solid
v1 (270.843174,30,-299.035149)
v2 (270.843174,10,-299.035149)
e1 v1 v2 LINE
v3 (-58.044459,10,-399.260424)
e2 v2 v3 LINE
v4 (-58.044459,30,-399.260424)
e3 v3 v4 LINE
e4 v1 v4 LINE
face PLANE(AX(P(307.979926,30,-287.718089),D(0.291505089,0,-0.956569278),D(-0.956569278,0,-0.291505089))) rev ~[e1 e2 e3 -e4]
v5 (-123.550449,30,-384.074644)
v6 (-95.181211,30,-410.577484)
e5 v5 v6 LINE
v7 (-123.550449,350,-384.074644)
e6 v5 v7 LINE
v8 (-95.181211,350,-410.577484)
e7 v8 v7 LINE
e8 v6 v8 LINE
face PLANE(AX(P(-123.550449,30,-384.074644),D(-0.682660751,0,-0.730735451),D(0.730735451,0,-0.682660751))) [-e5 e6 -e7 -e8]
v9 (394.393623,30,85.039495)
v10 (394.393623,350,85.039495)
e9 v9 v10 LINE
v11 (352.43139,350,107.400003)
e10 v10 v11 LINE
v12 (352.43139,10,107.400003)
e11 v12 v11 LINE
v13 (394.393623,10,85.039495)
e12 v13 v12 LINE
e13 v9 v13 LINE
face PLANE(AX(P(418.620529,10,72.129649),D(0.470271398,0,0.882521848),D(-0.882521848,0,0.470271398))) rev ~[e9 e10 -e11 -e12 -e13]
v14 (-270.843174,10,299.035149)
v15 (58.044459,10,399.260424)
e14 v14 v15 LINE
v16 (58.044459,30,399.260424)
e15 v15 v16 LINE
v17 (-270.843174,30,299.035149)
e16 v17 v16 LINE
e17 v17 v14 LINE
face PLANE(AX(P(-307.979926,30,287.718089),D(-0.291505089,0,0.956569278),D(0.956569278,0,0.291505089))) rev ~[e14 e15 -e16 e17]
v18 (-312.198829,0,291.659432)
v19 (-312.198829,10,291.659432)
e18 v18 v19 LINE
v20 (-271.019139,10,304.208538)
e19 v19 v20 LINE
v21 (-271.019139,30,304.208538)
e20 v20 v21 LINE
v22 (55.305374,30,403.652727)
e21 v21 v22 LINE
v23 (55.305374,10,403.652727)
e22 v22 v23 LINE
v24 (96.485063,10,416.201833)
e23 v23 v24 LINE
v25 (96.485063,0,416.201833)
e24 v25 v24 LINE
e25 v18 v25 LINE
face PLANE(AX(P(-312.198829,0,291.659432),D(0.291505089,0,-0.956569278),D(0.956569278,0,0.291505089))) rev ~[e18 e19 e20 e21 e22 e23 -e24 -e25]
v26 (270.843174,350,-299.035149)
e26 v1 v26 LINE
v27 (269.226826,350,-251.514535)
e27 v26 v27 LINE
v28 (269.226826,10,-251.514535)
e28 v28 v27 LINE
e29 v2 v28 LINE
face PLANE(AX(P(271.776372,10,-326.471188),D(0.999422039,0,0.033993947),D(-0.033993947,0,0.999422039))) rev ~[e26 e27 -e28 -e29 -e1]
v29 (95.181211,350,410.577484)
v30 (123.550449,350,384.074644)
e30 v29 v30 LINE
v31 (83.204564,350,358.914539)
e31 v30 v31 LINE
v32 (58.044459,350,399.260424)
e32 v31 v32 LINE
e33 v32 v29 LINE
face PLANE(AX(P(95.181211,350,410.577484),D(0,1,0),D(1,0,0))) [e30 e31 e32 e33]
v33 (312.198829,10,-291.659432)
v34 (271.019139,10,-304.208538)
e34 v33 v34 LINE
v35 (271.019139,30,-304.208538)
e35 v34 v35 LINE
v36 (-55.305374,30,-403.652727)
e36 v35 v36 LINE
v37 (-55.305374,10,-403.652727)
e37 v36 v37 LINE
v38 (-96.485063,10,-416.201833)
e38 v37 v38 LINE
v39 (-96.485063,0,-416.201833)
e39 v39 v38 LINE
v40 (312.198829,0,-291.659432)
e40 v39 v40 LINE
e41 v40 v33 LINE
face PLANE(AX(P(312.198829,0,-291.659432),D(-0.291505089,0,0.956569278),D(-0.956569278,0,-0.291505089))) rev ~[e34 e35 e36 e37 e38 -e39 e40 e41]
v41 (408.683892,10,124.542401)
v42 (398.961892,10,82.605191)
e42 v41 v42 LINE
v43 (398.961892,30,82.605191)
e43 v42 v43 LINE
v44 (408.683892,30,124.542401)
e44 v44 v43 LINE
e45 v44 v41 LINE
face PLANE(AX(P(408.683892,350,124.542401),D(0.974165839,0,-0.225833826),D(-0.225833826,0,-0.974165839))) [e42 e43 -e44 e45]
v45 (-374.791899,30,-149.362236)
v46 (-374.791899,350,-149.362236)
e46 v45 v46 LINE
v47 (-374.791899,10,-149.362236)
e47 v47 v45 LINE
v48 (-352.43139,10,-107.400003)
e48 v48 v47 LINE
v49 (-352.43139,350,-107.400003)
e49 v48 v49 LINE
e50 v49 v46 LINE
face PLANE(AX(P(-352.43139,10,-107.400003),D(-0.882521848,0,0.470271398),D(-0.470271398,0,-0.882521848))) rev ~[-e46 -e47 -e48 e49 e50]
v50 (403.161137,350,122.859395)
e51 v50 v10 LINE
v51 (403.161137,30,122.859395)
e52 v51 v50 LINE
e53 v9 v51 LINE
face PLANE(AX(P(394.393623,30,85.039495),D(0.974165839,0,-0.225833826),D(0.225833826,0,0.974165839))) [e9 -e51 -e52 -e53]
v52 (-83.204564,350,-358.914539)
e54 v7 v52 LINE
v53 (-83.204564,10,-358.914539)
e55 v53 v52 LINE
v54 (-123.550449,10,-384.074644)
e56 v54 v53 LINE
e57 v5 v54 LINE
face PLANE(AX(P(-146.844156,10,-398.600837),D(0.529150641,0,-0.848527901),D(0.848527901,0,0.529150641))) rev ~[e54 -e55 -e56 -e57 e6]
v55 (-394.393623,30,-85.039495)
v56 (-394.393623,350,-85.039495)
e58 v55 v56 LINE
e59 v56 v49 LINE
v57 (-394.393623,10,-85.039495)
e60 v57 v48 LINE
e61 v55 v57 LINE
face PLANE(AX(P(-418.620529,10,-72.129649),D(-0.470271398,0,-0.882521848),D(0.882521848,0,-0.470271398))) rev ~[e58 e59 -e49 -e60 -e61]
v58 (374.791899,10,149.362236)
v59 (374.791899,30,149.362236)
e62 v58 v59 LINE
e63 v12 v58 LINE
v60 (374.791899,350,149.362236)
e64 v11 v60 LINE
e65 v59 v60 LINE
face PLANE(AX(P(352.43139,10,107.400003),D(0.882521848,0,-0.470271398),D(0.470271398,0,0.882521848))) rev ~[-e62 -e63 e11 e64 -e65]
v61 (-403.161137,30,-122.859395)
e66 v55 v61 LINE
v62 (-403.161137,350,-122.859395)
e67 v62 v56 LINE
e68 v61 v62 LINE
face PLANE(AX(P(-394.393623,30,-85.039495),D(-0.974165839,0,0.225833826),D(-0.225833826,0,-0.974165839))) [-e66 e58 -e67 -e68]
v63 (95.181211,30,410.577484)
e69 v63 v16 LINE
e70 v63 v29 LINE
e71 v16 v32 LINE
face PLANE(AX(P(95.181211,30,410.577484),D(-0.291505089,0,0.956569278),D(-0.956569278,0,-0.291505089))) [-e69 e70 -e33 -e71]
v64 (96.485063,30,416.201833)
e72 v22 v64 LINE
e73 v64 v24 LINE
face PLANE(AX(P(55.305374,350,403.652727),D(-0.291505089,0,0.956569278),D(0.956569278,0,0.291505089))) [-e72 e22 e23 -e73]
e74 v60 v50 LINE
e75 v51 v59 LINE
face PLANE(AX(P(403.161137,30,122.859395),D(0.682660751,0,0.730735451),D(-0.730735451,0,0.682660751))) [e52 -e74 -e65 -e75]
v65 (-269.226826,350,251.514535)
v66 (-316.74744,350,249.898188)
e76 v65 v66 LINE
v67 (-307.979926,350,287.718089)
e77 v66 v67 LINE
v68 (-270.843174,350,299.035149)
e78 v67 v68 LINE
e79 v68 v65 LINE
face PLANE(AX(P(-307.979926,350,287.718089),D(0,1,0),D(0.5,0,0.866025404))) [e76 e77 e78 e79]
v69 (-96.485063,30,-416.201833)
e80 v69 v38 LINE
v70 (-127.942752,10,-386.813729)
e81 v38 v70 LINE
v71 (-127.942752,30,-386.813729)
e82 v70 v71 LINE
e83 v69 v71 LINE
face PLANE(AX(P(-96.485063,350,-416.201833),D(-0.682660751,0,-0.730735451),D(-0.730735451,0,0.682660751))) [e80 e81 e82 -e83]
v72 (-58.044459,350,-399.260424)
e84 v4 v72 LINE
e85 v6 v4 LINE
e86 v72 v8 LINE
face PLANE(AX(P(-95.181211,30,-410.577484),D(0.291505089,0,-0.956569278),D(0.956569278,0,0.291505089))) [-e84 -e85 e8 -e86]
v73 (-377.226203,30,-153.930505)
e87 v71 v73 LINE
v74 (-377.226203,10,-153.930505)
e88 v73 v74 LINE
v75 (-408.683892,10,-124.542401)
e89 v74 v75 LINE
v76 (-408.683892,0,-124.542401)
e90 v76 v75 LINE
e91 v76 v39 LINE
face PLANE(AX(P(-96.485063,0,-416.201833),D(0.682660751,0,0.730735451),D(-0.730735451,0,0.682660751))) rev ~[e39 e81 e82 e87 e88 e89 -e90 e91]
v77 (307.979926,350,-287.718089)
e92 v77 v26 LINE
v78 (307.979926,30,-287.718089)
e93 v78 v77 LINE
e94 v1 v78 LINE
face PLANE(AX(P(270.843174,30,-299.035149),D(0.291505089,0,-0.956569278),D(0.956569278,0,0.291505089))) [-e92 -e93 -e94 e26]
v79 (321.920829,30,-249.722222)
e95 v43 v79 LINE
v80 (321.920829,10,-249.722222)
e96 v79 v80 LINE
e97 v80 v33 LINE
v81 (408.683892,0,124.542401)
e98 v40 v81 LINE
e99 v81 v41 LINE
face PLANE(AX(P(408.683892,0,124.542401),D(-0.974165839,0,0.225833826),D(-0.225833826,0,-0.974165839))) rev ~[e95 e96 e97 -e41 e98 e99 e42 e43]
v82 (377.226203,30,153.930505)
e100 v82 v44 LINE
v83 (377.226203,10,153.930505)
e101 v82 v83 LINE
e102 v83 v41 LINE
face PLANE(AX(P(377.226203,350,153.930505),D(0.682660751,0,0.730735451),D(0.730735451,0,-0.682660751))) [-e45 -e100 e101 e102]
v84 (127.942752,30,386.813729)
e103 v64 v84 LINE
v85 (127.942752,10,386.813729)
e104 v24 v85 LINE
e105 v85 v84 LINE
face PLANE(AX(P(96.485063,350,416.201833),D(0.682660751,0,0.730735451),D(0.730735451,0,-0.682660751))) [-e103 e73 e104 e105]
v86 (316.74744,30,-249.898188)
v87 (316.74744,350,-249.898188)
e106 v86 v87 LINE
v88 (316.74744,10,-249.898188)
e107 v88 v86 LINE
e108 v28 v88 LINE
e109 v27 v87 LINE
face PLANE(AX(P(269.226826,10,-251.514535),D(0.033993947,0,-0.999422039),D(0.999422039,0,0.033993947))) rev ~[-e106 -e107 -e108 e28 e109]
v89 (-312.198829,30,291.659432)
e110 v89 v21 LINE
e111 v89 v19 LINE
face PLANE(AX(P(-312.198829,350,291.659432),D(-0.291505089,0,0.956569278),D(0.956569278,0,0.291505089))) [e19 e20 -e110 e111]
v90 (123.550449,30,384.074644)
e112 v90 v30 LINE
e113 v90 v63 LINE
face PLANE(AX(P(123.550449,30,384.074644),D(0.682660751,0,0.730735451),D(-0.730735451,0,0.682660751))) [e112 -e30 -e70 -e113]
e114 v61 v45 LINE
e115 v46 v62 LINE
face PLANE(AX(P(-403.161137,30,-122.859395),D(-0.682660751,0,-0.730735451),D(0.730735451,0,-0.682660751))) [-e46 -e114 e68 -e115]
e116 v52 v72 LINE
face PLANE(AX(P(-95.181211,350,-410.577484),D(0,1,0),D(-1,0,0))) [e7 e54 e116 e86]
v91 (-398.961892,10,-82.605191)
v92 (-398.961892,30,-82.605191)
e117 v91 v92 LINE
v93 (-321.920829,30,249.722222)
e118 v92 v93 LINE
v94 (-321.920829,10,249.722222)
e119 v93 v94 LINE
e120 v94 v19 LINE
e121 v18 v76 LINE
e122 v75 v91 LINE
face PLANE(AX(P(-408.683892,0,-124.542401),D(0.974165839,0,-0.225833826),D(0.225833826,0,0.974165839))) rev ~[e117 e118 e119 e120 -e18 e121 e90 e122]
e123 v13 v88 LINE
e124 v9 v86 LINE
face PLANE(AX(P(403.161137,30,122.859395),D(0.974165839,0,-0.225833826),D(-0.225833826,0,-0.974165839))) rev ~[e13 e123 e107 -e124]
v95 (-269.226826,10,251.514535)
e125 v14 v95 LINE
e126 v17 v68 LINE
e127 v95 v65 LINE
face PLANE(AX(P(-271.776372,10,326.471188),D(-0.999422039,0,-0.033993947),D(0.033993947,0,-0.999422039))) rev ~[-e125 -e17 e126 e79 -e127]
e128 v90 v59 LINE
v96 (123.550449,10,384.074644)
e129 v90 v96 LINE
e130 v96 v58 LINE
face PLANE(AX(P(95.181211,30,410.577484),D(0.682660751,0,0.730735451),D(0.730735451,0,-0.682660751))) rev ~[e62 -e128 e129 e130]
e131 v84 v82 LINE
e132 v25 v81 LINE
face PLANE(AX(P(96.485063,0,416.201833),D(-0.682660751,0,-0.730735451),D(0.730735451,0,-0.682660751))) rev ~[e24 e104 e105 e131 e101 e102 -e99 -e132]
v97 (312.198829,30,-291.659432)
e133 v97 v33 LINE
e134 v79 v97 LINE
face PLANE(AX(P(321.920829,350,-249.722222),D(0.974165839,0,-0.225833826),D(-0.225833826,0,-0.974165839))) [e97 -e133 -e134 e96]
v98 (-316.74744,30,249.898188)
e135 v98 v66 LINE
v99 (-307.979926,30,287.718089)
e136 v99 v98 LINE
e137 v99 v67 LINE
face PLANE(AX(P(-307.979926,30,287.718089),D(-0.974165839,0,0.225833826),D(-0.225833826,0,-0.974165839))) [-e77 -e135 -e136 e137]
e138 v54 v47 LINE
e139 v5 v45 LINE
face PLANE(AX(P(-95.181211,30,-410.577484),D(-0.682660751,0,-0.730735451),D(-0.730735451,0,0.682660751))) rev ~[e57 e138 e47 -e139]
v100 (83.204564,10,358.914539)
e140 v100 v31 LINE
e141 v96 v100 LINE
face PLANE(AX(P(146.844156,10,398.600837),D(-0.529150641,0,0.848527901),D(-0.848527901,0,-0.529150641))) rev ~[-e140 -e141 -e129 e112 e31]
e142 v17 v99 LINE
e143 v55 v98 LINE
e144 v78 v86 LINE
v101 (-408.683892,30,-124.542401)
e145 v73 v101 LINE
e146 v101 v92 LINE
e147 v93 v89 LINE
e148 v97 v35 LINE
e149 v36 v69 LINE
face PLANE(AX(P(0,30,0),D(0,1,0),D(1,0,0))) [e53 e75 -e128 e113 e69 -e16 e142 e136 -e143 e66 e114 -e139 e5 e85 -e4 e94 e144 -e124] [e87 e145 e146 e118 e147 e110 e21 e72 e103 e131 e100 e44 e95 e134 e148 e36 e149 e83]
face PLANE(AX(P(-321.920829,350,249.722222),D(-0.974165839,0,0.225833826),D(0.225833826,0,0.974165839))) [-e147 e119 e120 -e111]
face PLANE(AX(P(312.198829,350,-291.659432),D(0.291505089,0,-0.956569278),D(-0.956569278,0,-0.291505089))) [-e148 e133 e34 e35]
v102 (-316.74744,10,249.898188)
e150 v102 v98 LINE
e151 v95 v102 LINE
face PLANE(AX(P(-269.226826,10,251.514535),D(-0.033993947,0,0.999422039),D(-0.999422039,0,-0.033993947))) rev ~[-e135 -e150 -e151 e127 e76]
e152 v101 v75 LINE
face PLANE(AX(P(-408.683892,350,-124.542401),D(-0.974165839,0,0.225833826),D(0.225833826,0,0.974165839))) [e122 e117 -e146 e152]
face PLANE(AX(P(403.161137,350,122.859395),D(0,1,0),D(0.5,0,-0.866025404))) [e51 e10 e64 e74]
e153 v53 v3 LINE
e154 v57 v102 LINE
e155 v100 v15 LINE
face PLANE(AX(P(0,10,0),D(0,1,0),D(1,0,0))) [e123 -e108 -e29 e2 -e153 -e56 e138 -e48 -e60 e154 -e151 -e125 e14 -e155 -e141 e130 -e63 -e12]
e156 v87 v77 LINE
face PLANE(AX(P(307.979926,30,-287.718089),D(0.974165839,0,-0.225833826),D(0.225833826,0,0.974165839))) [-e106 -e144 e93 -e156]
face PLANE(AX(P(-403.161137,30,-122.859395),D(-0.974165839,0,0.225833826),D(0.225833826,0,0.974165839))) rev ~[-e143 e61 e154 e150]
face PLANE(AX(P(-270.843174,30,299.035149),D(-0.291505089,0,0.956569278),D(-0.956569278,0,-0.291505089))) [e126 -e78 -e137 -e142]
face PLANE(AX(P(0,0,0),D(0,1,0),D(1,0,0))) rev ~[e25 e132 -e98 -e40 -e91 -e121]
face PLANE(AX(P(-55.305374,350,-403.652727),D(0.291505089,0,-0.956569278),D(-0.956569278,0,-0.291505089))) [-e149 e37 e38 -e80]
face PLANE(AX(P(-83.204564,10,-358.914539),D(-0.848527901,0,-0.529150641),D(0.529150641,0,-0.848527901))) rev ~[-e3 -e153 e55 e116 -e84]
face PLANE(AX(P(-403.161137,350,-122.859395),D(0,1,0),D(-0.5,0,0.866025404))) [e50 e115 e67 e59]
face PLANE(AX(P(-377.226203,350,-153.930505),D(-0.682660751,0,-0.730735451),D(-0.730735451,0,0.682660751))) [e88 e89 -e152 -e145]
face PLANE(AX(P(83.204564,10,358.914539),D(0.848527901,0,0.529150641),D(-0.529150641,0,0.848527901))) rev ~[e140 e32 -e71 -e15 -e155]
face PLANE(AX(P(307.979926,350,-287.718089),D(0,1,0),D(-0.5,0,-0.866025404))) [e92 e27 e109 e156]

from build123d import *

# Parameters (mm, degrees)
BOSS_EXTRU_1_DEPTH            = 30
ENL_V_MAT_EXTRU_1_DEPTH       = 20
BOSS_EXTRU_3_DEPTH            = 340
ENL_V_MAT_EXTRU_2_DEPTH       = 710.357976131
ENL_V_START                   = -320
ENL_V_MAT_EXTRU_5_DEPTH       = 364
R_P_TITION_CIRCULAIRE13_COUNT = 6


with BuildPart() as part:
    # Esquisse1 → Boss.-Extru.1 (new body)
    with BuildSketch(Plane(origin=(0, 0, 0), x_dir=(1, 0, 0), z_dir=(0, 1, 0))):
        Polygon((312.198829019, 291.659432373), (-96.485063179, 416.201833149), (-408.683892198, 124.542400776), (-312.198829019, -291.659432373), (96.485063179, -416.201833149), (408.683892198, -124.542400776), align=None)
    extrude(amount=BOSS_EXTRU_1_DEPTH)

    # Esquisse2 → Enlèv. mat.-Extru.1 (cut)
    with BuildSketch(Plane(origin=(0, 30, 0), x_dir=(1, 0, 0), z_dir=(0, 1, 0))):
        Polygon((403.161136898, -122.85939536), (307.979925924, 287.718088693), (-95.181210974, 410.577484053), (-403.161136898, 122.85939536), (-307.979925924, -287.718088693), (95.181210974, -410.577484053), align=None)
    extrude(amount=-ENL_V_MAT_EXTRU_1_DEPTH, mode=Mode.SUBTRACT)

    # Esquisse5 → Boss.-Extru.3 (add)
    with BuildSketch(Plane(origin=(0, 10, 0), x_dir=(1, 0, 0), z_dir=(0, 1, 0))):
        Polygon((83.204563714, -358.91453872), (43.518265641, -422.554131312), (107.157858233, -462.240429385), (146.844156306, -398.600836793), align=None)
    boss_extru_3 = extrude(amount=BOSS_EXTRU_3_DEPTH)

    # Esquisse6 → Enlèv. mat.-Extru.2 (cut, through all)
    with BuildSketch(Plane(origin=(0, 350, 0), x_dir=(1, 0, 0), z_dir=(0, 1, 0))):
        Polygon((55.305373646, -403.65272736), (96.485063179, -416.201833149), (127.942752354, -386.813728788), (146.844156306, -398.600836793), (107.157858233, -462.240429385), (43.518265641, -422.554131312), align=None)
    enl_v_mat_extru_2 = extrude(amount=-ENL_V_MAT_EXTRU_2_DEPTH, mode=Mode.SUBTRACT)

    # Esquisse7 → Enlèv. mat.-Extru.5 (cut)
    with BuildSketch(Plane(origin=(0, 350, 0), x_dir=(1, 0, 0), z_dir=(0, 1, 0)).offset(ENL_V_START)):
        Polygon((58.044458918, -399.260423737), (55.305373646, -403.65272736), (96.485063179, -416.201833149), (127.942752354, -386.813728788), (123.550448731, -384.074643516), (95.181210974, -410.577484053), align=None)
    enl_v_mat_extru_5 = extrude(amount=ENL_V_MAT_EXTRU_5_DEPTH, mode=Mode.SUBTRACT)

    # Répétition circulaire13: Boss.-Extru.3, Enlèv. mat.-Extru.2, Enlèv. mat.-Extru.5 ×6 about axis
    r_p_tition_circulaire13_axis = Axis((0, 0, 0), (0, 1, 0))
    add([boss_extru_3.rotate(r_p_tition_circulaire13_axis, i * 360 / R_P_TITION_CIRCULAIRE13_COUNT) for i in range(1, R_P_TITION_CIRCULAIRE13_COUNT)])
    add([enl_v_mat_extru_2.rotate(r_p_tition_circulaire13_axis, i * 360 / R_P_TITION_CIRCULAIRE13_COUNT) for i in range(1, R_P_TITION_CIRCULAIRE13_COUNT)], mode=Mode.SUBTRACT)
    add([enl_v_mat_extru_5.rotate(r_p_tition_circulaire13_axis, i * 360 / R_P_TITION_CIRCULAIRE13_COUNT) for i in range(1, R_P_TITION_CIRCULAIRE13_COUNT)], mode=Mode.SUBTRACT)


solid = part.part
